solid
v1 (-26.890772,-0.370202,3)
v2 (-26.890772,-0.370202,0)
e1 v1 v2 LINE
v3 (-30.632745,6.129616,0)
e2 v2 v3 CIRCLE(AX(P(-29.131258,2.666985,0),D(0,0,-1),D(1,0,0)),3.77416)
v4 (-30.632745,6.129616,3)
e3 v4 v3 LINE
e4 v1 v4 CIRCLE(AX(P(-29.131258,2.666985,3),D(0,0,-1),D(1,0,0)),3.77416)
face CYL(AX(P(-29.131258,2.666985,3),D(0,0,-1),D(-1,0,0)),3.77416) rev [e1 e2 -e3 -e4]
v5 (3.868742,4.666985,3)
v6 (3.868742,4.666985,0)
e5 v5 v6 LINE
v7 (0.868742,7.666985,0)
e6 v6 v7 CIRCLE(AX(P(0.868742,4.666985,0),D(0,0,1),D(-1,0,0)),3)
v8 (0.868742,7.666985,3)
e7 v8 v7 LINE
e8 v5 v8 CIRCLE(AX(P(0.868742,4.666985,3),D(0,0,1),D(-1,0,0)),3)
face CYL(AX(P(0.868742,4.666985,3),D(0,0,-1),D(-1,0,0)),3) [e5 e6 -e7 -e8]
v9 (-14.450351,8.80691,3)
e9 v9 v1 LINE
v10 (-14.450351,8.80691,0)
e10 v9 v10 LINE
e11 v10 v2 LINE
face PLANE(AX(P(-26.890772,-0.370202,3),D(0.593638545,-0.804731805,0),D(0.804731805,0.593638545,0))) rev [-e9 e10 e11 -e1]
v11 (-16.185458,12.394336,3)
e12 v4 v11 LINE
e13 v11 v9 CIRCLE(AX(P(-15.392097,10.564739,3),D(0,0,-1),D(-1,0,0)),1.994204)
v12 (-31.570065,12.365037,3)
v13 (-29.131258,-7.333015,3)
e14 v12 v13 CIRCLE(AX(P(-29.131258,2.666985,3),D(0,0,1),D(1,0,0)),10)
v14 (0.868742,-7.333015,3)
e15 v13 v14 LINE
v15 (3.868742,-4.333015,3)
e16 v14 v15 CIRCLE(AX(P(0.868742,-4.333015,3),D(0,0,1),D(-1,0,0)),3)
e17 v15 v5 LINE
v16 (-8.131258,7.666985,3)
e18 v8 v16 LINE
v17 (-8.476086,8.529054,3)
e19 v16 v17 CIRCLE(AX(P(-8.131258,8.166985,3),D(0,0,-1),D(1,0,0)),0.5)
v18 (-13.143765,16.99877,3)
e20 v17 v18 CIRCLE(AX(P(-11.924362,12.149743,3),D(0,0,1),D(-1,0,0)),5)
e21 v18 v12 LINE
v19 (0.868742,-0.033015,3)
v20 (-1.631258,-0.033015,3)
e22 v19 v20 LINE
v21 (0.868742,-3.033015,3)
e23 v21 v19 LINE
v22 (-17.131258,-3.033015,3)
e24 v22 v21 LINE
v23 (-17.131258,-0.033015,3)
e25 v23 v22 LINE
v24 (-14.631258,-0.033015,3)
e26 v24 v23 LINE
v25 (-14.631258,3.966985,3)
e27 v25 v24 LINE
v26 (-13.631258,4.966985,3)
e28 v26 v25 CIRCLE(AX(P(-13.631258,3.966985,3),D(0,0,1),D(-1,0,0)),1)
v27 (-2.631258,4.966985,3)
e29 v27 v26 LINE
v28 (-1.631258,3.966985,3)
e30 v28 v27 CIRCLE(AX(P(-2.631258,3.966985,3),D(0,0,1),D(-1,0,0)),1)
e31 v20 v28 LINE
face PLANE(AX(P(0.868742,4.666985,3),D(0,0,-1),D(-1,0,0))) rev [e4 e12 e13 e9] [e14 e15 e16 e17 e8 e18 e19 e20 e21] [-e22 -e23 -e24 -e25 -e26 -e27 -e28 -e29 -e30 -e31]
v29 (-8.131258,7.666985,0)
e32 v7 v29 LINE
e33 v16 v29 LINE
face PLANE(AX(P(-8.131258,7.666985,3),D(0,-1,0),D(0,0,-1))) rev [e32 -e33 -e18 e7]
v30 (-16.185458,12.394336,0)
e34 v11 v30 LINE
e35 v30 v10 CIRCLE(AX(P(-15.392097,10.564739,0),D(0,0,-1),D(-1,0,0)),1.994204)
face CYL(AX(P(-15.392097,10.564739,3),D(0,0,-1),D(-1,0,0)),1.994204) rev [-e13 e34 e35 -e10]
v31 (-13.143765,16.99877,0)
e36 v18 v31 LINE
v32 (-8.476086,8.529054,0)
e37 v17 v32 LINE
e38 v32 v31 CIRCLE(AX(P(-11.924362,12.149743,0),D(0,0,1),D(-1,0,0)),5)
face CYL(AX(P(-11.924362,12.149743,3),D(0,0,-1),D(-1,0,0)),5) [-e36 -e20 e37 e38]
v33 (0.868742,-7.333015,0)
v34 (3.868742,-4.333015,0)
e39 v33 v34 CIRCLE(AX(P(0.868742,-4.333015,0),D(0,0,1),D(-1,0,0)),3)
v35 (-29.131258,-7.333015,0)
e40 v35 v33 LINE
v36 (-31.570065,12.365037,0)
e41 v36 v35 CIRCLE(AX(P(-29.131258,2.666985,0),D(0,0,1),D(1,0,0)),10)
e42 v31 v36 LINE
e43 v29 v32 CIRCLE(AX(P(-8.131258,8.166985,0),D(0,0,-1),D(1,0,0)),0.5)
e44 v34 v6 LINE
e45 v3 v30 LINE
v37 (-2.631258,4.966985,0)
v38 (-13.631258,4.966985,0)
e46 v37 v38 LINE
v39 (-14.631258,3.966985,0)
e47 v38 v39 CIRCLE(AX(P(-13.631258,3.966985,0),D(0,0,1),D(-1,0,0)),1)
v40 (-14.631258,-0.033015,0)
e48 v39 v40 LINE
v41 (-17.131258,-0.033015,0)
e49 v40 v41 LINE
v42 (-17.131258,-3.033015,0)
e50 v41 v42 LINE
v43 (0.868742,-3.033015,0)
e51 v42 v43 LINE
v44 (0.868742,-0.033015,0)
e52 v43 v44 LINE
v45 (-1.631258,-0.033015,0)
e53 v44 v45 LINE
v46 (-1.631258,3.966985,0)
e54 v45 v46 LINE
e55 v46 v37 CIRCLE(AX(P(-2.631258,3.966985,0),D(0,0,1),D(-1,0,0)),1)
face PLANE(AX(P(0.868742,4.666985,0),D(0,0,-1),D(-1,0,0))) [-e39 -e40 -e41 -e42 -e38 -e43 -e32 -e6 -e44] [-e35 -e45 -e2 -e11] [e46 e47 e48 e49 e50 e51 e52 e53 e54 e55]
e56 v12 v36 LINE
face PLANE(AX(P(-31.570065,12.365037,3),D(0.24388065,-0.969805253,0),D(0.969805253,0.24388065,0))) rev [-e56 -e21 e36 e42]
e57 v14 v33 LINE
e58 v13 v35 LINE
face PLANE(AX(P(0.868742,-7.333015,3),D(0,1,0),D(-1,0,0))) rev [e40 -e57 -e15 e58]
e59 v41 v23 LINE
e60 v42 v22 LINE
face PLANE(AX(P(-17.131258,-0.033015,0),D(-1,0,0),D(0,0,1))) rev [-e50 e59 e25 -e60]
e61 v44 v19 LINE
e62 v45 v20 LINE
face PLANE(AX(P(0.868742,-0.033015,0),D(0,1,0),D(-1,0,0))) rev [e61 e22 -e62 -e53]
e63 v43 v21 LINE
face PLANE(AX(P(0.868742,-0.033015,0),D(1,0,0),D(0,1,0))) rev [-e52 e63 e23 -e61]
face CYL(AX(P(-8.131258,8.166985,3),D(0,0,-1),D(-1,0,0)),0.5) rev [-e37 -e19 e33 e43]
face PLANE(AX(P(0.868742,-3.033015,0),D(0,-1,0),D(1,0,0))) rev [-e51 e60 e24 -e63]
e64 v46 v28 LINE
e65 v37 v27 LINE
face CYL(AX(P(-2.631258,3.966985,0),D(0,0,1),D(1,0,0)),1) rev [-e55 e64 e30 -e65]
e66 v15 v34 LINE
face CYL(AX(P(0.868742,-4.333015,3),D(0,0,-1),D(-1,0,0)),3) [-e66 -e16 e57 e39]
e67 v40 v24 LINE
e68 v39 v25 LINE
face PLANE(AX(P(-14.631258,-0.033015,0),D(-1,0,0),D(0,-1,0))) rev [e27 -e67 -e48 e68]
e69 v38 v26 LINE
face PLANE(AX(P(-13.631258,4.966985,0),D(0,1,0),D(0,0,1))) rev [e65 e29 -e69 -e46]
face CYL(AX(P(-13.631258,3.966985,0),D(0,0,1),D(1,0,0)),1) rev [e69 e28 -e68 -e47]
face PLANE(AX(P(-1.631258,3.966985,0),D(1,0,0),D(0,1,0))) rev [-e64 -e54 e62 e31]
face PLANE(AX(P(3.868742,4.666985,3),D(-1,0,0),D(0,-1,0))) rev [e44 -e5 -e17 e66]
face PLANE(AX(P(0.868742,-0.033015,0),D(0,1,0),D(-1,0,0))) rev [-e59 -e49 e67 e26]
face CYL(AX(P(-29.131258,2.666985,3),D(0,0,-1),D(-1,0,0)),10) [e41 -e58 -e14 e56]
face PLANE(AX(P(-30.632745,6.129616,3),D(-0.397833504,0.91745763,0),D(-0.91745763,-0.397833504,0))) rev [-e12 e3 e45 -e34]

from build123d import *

# Parameters (mm, degrees)
BOSS_EXTRUDE1_DEPTH = 3
SKETCH2_R           = 1.5
CUT_EXTRUDE1_DEPTH  = 3
CUT_EXTRUDE2_DEPTH  = 3
SKETCH5_W           = 18
SKETCH5_H           = 3
CUT_EXTRUDE3_DEPTH  = 3
CUT_EXTRUDE5_DEPTH  = 3


with BuildPart() as part:
    # Sketch1 → Boss-Extrude1 (new body)
    with BuildSketch(Plane.XY):
        with BuildLine():
            Line((3.868741846, 4.666984775), (3.868741846, -4.333015225))
            ThreePointArc((3.868741846, -4.333015225), (2.990062189, -6.454335569), (0.868741846, -7.333015225))
            Line((0.868741846, -7.333015225), (-29.131258154, -7.333015225))
            ThreePointArc((-29.131258154, -7.333015225), (-39.055484202, 1.438271074), (-31.570064658, 12.365037303))
            Line((-31.570064658, 12.365037303), (-13.143764854, 16.998769659))
            ThreePointArc((-13.143764854, 16.998769659), (-7.545321729, 14.563041923), (-8.476085741, 8.52905374))
            ThreePointArc((-8.476085741, 8.52905374), (-8.5954965, 7.981289437), (-8.131258154, 7.666984775))
            Line((-8.131258154, 7.666984775), (0.868741846, 7.666984775))
            ThreePointArc((0.868741846, 7.666984775), (2.990062189, 6.788305118), (3.868741846, 4.666984775))
        make_face()
    extrude(amount=BOSS_EXTRUDE1_DEPTH)

    # Sketch2 → Cut-Extrude1 (cut)
    with BuildSketch(Plane.XY.offset(3)):
        with Locations((-29.131258154, 2.666984775)):
            Circle(SKETCH2_R)
    extrude(amount=-CUT_EXTRUDE1_DEPTH, mode=Mode.SUBTRACT)

    # Sketch4 → Cut-Extrude2 (cut)
    with BuildSketch(Plane(origin=(0, 0, 0), x_dir=(-1, 0, 0), z_dir=(0, 0, -1))):
        with BuildLine():
            Line((30.632745307, 6.129616333), (16.185458015, 12.394336069))
            ThreePointArc((16.185458015, 12.394336069), (13.596850059, 11.433034125), (14.450350699, 8.806909749))
            Line((14.450350699, 8.806909749), (26.890771517, -0.370201523))
            ThreePointArc((26.890771517, -0.370201523), (32.402104849, 0.783943915), (30.632745307, 6.129616333))
        make_face()
    extrude(amount=-CUT_EXTRUDE2_DEPTH, mode=Mode.SUBTRACT)

    # Sketch5 → Cut-Extrude3 (cut)
    with BuildSketch(Plane.XY.offset(3)):
        with Locations((-8.131258154, -1.533015225)):
            Rectangle(SKETCH5_W, SKETCH5_H)
    extrude(amount=-CUT_EXTRUDE3_DEPTH, mode=Mode.SUBTRACT)

    # Sketch7 → Cut-Extrude5 (cut)
    with BuildSketch(Plane.XY.offset(3)):
        with BuildLine():
            Line((-14.631258154, -0.033015225), (-14.631258154, 3.966984775))
            ThreePointArc((-14.631258154, 3.966984775), (-14.338364936, 4.674091556), (-13.631258154, 4.966984775))
            Line((-13.631258154, 4.966984775), (-2.631258154, 4.966984775))
            ThreePointArc((-2.631258154, 4.966984775), (-1.924151373, 4.674091556), (-1.631258154, 3.966984775))
            Line((-1.631258154, 3.966984775), (-1.631258154, -0.033015225))
            Line((-1.631258154, -0.033015225), (-14.631258154, -0.033015225))
        make_face()
    extrude(amount=-CUT_EXTRUDE5_DEPTH, mode=Mode.SUBTRACT)


solid = part.part
